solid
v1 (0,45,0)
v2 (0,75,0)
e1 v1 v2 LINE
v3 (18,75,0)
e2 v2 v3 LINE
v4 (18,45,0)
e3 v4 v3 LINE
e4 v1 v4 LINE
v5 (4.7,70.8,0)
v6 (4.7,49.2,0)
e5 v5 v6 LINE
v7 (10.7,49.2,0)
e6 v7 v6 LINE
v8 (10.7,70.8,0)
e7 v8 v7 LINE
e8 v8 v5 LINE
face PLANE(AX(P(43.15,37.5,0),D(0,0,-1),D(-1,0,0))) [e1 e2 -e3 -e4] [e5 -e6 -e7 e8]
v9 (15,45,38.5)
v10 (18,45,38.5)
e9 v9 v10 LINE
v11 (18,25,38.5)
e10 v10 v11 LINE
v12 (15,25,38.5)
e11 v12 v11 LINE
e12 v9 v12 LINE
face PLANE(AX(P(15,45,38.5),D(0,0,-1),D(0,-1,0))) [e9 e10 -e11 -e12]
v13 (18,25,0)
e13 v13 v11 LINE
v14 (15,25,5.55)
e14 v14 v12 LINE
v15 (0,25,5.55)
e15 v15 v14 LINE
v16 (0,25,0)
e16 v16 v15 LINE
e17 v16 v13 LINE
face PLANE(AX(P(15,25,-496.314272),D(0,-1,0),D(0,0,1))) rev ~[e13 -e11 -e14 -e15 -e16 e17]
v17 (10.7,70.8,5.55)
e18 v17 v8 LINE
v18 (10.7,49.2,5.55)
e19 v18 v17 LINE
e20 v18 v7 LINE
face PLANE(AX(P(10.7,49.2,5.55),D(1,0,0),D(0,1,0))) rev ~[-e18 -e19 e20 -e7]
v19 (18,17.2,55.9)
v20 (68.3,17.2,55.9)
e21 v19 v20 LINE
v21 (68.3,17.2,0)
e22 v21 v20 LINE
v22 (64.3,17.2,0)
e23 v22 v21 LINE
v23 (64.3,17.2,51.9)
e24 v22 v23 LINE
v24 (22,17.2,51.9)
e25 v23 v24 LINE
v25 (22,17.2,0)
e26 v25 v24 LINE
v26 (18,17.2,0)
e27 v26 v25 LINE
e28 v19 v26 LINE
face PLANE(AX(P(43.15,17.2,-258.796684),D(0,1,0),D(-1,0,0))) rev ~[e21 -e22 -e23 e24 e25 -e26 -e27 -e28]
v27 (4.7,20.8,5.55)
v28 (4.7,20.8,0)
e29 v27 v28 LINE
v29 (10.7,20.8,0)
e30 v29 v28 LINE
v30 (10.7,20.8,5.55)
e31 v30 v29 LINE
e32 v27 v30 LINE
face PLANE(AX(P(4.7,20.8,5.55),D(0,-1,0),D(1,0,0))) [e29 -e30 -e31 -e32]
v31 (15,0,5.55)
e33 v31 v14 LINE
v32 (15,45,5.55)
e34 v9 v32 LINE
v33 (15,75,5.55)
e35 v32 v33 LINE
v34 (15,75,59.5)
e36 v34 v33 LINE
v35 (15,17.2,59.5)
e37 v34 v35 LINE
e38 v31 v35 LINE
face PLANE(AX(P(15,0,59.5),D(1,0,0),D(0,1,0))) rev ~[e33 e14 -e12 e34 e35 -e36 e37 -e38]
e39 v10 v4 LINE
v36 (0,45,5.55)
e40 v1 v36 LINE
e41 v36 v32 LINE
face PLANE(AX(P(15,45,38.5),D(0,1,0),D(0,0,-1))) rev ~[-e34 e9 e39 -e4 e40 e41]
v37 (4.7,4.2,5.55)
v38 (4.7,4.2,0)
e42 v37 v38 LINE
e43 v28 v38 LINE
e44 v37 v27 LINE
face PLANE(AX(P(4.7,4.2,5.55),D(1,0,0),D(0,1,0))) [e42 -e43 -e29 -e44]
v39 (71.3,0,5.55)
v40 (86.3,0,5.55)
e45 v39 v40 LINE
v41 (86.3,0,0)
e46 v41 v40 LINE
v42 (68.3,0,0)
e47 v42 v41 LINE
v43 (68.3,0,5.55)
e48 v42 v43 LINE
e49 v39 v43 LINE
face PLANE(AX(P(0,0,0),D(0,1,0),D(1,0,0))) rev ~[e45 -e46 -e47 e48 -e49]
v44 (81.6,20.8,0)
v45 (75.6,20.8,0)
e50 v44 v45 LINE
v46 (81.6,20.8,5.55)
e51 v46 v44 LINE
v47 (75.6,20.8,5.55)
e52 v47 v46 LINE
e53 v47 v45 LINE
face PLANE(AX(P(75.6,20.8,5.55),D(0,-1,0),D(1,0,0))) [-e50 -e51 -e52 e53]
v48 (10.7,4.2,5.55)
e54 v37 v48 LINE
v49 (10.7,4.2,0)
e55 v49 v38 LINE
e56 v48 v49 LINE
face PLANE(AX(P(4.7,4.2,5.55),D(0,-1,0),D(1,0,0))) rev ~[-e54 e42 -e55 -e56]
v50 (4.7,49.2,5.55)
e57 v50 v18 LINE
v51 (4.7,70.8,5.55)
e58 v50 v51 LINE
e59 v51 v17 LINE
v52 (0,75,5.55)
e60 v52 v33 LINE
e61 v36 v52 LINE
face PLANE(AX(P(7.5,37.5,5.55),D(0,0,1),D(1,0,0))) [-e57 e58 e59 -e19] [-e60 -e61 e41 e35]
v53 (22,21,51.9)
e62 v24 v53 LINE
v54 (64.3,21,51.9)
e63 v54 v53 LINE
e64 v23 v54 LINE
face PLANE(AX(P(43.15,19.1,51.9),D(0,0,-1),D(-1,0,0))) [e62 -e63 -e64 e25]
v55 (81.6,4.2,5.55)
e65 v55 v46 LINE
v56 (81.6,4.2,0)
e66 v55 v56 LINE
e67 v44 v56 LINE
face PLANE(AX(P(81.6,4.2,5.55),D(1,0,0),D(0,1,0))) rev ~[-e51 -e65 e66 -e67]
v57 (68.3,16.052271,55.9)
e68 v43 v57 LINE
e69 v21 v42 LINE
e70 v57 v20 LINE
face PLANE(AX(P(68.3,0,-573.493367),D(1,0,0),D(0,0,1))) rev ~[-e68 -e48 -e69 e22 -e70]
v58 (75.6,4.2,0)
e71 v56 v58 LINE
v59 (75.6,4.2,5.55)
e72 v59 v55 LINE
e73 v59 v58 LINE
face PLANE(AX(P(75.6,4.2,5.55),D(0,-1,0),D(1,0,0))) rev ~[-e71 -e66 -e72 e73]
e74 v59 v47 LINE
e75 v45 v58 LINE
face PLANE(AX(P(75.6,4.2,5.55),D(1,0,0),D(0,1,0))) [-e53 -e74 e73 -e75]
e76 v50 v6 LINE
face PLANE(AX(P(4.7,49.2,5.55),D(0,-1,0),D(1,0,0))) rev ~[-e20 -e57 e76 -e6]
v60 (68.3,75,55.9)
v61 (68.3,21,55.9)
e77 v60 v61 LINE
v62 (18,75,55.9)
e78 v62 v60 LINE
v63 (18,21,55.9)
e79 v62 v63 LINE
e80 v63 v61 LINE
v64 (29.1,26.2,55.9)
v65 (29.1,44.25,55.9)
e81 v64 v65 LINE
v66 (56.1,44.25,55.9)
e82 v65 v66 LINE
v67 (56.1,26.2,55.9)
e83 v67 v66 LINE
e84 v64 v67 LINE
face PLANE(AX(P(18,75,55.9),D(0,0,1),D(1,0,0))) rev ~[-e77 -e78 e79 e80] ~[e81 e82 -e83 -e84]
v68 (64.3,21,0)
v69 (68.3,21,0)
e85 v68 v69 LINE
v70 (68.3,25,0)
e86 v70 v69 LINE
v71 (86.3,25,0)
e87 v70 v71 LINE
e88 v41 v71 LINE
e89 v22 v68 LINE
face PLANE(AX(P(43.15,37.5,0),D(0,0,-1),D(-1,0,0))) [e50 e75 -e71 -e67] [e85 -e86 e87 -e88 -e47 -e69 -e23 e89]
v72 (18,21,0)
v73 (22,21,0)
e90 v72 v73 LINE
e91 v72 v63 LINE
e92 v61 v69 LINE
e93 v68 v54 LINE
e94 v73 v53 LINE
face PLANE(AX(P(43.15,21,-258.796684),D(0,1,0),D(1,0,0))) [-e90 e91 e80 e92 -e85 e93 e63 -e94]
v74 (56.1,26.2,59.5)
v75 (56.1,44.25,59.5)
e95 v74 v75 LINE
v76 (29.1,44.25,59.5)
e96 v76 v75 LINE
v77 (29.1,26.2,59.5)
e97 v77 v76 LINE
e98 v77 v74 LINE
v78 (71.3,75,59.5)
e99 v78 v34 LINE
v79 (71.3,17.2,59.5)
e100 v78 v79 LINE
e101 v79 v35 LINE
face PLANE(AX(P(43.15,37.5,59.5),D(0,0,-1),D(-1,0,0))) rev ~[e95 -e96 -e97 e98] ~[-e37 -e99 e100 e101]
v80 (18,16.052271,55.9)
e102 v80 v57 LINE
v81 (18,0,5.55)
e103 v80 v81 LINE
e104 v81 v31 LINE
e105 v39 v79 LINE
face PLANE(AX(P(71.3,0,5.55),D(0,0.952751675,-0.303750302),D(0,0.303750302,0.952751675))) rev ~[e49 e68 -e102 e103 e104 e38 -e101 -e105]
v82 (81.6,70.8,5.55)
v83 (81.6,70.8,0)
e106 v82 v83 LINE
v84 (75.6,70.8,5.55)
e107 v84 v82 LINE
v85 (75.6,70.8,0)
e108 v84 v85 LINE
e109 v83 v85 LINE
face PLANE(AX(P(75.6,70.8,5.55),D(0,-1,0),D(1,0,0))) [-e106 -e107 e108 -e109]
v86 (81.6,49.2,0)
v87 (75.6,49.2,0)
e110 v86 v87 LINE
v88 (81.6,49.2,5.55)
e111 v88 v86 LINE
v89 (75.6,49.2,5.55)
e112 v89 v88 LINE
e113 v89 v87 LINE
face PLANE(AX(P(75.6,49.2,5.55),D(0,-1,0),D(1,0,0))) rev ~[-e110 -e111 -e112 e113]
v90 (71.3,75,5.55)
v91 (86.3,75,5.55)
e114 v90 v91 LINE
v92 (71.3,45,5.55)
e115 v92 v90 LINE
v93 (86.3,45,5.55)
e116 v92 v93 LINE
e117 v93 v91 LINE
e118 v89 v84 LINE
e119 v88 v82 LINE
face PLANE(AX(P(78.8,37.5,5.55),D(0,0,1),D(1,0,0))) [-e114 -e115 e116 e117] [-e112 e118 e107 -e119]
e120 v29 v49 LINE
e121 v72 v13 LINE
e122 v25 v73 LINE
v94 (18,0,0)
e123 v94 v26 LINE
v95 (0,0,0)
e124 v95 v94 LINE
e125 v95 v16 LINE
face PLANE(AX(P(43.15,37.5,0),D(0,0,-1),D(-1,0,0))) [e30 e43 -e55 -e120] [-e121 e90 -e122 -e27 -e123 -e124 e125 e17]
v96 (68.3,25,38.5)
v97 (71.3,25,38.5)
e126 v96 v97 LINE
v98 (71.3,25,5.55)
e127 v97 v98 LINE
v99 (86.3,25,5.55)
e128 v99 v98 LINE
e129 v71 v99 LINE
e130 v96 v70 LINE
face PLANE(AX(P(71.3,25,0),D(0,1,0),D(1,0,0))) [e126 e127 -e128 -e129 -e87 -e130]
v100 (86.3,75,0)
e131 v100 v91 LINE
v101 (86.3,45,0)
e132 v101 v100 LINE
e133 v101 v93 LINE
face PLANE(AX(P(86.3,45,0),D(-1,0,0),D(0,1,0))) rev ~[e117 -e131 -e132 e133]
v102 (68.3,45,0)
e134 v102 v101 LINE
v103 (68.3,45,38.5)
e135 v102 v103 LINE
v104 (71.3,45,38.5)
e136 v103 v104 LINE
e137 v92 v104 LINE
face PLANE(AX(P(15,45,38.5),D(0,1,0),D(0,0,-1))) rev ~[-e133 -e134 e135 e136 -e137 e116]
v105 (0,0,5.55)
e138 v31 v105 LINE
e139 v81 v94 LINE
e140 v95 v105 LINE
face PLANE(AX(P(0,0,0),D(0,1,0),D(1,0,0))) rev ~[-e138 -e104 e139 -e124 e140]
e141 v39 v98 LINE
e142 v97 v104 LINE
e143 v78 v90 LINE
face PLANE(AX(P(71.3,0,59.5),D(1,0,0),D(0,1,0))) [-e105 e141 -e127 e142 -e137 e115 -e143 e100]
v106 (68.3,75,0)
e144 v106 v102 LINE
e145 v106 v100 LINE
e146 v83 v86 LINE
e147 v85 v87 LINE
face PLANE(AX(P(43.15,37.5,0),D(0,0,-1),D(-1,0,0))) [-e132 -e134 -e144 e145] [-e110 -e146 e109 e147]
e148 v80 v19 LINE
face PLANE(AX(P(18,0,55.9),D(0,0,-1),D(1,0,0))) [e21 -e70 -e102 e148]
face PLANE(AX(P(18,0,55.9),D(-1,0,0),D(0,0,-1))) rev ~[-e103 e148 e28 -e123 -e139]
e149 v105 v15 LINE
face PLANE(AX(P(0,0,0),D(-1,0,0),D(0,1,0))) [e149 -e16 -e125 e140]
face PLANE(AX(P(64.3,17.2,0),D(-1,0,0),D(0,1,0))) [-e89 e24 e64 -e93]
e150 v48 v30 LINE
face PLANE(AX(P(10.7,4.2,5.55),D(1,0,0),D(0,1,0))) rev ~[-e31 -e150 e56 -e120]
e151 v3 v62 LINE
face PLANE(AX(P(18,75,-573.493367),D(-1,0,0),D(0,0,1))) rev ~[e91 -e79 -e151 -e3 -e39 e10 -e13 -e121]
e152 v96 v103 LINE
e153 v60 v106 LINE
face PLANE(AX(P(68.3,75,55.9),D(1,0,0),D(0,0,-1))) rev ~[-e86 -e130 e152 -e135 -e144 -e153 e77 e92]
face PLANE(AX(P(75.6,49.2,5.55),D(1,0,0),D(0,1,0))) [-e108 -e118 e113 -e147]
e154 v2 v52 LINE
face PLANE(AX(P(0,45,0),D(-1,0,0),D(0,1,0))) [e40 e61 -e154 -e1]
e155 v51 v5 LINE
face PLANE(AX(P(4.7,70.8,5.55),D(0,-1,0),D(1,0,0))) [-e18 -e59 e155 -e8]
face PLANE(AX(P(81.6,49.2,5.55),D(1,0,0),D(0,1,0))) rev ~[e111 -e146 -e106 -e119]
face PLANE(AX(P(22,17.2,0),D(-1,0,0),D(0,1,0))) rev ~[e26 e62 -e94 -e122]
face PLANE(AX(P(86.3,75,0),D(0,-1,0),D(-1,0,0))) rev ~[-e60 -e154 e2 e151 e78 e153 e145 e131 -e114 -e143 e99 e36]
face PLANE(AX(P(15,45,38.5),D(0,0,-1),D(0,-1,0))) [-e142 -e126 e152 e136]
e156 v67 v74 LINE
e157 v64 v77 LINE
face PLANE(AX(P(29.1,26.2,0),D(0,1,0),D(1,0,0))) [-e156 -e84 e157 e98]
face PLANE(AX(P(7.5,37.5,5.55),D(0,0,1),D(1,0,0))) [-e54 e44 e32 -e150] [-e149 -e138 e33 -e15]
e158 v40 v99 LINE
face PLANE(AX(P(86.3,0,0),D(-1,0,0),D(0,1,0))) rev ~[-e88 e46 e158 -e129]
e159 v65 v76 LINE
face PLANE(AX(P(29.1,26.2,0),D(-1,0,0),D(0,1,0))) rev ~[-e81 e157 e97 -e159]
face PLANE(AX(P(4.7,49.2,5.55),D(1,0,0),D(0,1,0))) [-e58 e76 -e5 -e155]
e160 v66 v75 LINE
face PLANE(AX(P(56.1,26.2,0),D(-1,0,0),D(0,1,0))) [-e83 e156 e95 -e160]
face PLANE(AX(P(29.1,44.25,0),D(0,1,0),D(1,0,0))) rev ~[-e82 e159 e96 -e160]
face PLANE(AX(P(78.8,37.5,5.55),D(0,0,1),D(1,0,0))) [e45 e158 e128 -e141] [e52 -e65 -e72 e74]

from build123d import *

# Parameters (mm, degrees)
SKETCH1_W               = 27
SKETCH1_H               = 18.05
SKETCH1_W_2             = 15
SKETCH1_H_2             = 30
SKETCH1_H_3             = 25
BOSS_EXTRUDE1_DEPTH     = 59.5
SKETCH3_W               = 15
SKETCH3_H               = 75
CUT_EXTRUDE2_DEPTH      = 53.95
SKETCH4_W               = 6
SKETCH4_H               = 16.6
SKETCH4_H_2             = 21.6
CUT_EXTRUDE3_DEPTH      = 10
CUT_EXTRUDE4_DEPTH      = 1
CUT_EXTRUDE4_DEPTH_BACK = 54
CUT_EXTRUDE5_DEPTH      = 1
CUT_EXTRUDE5_DEPTH_BACK = 17.2
SKETCH8_W               = 42.3
SKETCH8_H               = 3.8
CUT_EXTRUDE6_DEPTH      = 51.9
CUT_EXTRUDE7_DEPTH      = 16
CUT_EXTRUDE7_DEPTH_BACK = 60
CUT_EXTRUDE8_DEPTH      = 60


with BuildPart() as part:
    # Sketch1 → Boss-Extrude1 (new body)
    with BuildSketch(Plane.XY):
        Polygon((71.3, 0), (15, 0), (15, 25), (15, 75), (71.3, 75), align=None)
        with Locations((42.6, 35.225)):
            Rectangle(SKETCH1_W, SKETCH1_H, mode=Mode.SUBTRACT)
        with Locations((78.8, 60)):
            Rectangle(SKETCH1_W_2, SKETCH1_H_2)
        with Locations((78.8, 12.5)):
            Rectangle(SKETCH1_W_2, SKETCH1_H_3)
        with Locations((7.5, 12.5)):
            Rectangle(SKETCH1_W_2, SKETCH1_H_3)
        with Locations((7.5, 60)):
            Rectangle(SKETCH1_W_2, SKETCH1_H_2)
    extrude(amount=BOSS_EXTRUDE1_DEPTH)

    # Sketch3 → Cut-Extrude2 (cut)
    with BuildSketch(Plane.XY.offset(59.5)):
        with Locations((7.5, 37.5)):
            Rectangle(SKETCH3_W, SKETCH3_H)
        with Locations((78.8, 37.5)):
            Rectangle(SKETCH3_W, SKETCH3_H)
    extrude(amount=-CUT_EXTRUDE2_DEPTH, mode=Mode.SUBTRACT)

    # Sketch4 → Cut-Extrude3 (cut)
    with BuildSketch(Plane.XY.offset(5.55)):
        with Locations((7.7, 12.5)):
            Rectangle(SKETCH4_W, SKETCH4_H)
        with Locations((7.7, 60)):
            Rectangle(SKETCH4_W, SKETCH4_H_2)
        with Locations((78.6, 60)):
            Rectangle(SKETCH4_W, SKETCH4_H_2)
        with Locations((78.6, 12.5)):
            Rectangle(SKETCH4_W, SKETCH4_H)
    extrude(amount=-CUT_EXTRUDE3_DEPTH, mode=Mode.SUBTRACT)

    # Sketch6 → Cut-Extrude4 (cut, two sides)
    with BuildSketch(Plane(origin=(0, 75, 0), x_dir=(1, 0, 0), z_dir=(0, 1, 0))) as cut_extrude4_sk:
        Polygon((18, 191.164455675), (18, 0), (18, -55.9), (68.3, -55.9), (68.3, 0), (68.3, 191.164455675), (68.3, 573.493367025), (18, 573.493367025), align=None)
    extrude(amount=CUT_EXTRUDE4_DEPTH, mode=Mode.SUBTRACT)
    extrude(cut_extrude4_sk.sketch, amount=-CUT_EXTRUDE4_DEPTH_BACK, mode=Mode.SUBTRACT)

    # Sketch7 → Cut-Extrude5 (cut, two sides)
    with BuildSketch(Plane.XZ) as cut_extrude5_sk:
        Polygon((18, -191.164455675), (18, 0), (18, 55.9), (68.3, 55.9), (68.3, 0), (68.3, -191.164455675), (68.3, -573.493367025), (18, -573.493367025), align=None)
    extrude(amount=CUT_EXTRUDE5_DEPTH, mode=Mode.SUBTRACT)
    extrude(cut_extrude5_sk.sketch, amount=-CUT_EXTRUDE5_DEPTH_BACK, mode=Mode.SUBTRACT)

    # Sketch8 → Cut-Extrude6 (cut)
    with BuildSketch(Plane(origin=(0, 0, 0), x_dir=(-1, 0, 0), z_dir=(0, 0, -1))):
        with Locations((-43.15, 19.1)):
            Rectangle(SKETCH8_W, SKETCH8_H)
    extrude(amount=-CUT_EXTRUDE6_DEPTH, mode=Mode.SUBTRACT)

    # Sketch9 → Cut-Extrude7 (cut, two sides)
    with BuildSketch(Plane.ZY.offset(-15)) as cut_extrude7_sk:
        Polygon((-165.43809057, 45), (0, 45), (38.5, 45), (38.5, 25), (0, 25), (-165.43809057, 25), (-496.31427171, 25), (-496.31427171, 45), align=None)
    extrude(amount=CUT_EXTRUDE7_DEPTH, mode=Mode.SUBTRACT)
    extrude(cut_extrude7_sk.sketch, amount=-CUT_EXTRUDE7_DEPTH_BACK, mode=Mode.SUBTRACT)

    # Sketch11 → Cut-Extrude8 (cut)
    with BuildSketch(Plane(origin=(71.3, 0, 0), x_dir=(0, 0, -1), z_dir=(1, 0, 0))):
        Polygon((-5.55, 0), (-59.5, 17.2), (-59.5, 0), align=None)
    extrude(amount=-CUT_EXTRUDE8_DEPTH, mode=Mode.SUBTRACT)


solid = part.part
